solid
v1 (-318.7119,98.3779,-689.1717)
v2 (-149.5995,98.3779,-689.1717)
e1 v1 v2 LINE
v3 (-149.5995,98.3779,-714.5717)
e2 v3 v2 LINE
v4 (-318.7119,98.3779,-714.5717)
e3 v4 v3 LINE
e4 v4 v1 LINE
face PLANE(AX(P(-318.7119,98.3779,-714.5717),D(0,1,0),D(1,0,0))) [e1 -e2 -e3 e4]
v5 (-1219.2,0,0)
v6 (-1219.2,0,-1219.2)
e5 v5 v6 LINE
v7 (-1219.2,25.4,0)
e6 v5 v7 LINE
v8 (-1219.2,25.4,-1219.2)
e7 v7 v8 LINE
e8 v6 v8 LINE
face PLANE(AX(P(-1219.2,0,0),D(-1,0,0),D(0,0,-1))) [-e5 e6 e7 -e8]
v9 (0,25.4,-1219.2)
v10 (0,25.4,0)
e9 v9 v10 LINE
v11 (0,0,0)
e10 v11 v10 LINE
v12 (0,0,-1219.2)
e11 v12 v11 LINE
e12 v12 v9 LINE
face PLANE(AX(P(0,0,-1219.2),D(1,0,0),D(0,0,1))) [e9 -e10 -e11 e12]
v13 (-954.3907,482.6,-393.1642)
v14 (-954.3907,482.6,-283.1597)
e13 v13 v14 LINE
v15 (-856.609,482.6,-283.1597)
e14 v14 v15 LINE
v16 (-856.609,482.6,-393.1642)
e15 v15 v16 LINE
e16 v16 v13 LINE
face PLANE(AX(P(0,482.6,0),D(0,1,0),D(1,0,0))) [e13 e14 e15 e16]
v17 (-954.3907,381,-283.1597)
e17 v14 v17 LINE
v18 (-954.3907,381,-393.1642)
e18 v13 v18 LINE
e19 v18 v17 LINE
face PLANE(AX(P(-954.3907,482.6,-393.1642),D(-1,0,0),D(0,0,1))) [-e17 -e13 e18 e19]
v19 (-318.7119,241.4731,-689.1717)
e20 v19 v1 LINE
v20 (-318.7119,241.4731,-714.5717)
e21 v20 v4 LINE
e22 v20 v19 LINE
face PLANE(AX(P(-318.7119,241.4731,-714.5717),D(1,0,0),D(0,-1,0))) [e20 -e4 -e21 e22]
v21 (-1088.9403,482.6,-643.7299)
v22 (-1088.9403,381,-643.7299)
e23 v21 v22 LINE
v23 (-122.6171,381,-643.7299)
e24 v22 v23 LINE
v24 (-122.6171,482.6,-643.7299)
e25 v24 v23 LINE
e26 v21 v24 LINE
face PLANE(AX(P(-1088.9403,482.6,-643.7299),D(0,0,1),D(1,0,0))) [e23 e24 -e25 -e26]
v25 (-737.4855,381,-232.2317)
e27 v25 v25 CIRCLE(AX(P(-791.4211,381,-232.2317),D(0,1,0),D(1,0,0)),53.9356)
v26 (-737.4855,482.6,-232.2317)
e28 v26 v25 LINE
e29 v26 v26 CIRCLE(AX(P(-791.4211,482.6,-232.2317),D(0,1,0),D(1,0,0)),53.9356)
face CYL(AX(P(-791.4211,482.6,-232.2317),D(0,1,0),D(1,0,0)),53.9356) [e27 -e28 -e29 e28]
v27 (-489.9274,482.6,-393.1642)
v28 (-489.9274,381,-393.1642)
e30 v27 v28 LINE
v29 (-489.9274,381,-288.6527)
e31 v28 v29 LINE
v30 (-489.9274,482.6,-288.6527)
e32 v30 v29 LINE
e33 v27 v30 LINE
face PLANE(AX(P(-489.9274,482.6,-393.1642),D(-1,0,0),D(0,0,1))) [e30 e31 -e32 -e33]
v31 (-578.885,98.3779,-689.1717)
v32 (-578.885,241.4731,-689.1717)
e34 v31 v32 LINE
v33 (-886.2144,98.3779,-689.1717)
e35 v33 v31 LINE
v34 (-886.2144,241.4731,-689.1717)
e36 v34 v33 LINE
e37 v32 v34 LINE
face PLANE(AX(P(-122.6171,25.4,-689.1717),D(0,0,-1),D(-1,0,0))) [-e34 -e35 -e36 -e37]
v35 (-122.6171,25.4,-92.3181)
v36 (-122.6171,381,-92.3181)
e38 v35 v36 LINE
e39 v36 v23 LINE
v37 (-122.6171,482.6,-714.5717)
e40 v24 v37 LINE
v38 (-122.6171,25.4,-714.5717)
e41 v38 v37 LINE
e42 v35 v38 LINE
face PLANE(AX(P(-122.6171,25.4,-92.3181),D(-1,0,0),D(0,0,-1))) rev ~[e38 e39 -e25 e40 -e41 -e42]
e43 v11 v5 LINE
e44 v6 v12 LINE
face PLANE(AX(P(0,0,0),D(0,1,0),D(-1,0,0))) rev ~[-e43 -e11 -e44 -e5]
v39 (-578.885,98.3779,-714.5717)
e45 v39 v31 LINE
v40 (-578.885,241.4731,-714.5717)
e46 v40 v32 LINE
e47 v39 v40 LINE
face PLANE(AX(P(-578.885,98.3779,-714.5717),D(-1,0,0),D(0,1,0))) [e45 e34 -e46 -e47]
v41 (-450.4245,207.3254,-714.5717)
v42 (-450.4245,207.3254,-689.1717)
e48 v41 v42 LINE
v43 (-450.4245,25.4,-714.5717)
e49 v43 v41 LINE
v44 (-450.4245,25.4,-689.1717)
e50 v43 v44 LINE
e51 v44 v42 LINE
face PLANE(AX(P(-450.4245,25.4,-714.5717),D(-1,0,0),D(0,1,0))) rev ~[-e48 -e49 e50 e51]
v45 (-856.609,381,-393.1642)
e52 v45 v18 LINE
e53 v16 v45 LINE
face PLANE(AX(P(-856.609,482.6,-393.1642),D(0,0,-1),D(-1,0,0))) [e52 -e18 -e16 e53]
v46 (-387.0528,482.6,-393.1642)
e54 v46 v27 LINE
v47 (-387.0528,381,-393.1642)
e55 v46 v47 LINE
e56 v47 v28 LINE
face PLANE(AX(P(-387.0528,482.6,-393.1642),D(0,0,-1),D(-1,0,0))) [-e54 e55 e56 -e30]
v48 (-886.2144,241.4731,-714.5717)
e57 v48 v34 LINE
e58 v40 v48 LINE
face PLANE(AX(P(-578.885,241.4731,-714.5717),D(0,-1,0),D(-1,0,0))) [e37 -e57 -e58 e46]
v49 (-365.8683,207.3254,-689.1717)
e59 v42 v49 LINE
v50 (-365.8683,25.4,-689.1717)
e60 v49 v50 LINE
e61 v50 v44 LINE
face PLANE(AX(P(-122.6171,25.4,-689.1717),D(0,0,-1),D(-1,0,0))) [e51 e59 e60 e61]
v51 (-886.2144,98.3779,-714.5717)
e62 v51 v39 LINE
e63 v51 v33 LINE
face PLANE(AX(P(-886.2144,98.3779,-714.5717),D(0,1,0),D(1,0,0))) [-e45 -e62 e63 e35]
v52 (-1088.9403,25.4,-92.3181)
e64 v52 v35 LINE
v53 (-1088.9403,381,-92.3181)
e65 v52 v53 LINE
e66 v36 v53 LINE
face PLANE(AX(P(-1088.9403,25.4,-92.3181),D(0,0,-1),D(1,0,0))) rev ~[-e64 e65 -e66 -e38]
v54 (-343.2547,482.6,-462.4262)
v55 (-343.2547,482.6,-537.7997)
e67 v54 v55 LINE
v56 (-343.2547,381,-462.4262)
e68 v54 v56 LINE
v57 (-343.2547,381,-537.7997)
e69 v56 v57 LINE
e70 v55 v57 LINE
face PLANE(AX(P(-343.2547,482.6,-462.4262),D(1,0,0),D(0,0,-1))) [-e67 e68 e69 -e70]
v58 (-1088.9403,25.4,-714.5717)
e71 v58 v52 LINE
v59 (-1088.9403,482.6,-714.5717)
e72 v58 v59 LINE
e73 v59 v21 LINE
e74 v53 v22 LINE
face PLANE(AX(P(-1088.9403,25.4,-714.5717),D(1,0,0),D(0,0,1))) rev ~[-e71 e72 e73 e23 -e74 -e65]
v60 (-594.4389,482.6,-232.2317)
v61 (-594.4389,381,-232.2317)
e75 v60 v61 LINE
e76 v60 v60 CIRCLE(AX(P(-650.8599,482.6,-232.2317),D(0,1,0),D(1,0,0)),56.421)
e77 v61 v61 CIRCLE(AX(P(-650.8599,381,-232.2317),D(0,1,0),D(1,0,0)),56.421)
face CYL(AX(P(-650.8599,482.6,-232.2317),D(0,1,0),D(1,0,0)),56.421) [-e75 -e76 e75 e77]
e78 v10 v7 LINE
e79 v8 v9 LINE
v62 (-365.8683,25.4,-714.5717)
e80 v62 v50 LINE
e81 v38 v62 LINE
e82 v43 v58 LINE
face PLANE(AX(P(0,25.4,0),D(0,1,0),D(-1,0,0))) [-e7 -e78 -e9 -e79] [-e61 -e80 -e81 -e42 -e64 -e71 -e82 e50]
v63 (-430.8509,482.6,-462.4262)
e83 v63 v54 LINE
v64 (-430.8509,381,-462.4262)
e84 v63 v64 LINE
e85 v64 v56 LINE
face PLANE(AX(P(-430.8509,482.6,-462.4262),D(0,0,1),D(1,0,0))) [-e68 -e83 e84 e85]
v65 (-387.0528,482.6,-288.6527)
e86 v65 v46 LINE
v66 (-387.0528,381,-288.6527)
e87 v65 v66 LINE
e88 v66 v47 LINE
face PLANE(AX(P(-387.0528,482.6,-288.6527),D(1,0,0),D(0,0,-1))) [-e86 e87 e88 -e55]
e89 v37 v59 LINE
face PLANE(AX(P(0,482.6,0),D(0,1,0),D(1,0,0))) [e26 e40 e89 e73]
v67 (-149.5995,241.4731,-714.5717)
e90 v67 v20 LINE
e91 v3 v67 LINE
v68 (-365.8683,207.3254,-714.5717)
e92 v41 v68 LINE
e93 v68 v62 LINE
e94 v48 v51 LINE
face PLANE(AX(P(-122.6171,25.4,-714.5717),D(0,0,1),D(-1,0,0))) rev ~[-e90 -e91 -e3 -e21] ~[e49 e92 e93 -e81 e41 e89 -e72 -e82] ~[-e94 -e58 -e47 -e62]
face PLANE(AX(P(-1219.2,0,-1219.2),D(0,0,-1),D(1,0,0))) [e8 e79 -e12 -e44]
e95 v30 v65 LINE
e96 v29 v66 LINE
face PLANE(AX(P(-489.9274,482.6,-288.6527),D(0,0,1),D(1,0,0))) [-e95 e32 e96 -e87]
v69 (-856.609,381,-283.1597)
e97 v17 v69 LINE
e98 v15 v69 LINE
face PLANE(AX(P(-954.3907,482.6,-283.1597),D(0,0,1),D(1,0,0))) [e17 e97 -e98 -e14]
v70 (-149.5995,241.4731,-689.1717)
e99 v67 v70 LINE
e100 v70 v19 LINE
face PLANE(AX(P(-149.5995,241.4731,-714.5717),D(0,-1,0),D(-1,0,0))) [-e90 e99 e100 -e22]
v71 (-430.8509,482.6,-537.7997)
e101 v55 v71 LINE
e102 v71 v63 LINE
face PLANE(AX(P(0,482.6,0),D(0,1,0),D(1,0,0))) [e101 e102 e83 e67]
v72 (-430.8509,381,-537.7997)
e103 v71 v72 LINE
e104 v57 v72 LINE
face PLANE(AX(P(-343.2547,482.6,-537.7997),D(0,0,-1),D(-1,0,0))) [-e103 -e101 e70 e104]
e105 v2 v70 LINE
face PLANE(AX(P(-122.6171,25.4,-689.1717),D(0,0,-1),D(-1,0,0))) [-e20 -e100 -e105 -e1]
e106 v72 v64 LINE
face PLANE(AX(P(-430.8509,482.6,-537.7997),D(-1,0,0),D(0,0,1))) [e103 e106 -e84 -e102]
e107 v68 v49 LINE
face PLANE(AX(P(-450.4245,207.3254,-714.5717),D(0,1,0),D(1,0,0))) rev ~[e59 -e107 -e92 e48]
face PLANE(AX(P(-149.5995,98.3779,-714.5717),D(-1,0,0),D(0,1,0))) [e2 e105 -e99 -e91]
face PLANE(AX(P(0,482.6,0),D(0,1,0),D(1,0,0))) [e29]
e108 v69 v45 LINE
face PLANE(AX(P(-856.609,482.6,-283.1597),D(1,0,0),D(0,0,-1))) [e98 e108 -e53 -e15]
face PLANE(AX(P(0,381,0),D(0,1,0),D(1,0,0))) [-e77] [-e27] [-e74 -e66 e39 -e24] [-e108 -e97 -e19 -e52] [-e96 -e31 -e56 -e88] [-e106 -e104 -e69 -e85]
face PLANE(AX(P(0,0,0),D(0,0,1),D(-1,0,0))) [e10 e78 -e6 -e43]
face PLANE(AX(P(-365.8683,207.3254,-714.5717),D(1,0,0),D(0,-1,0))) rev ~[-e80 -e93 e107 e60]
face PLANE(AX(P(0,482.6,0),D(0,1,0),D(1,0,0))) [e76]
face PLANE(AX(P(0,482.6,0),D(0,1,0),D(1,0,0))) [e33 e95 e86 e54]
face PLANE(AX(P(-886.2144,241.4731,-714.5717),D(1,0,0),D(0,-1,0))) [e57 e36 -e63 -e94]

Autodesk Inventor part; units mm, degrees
ref_plane "YZ Plane" through (0, 0, 0) normal (1, 0, 0) x (0, 1, 0)
ref_plane "XZ Plane" through (0, 0, 0) normal (0, 1, 0) x (-1, 0, 0)
ref_plane "XY Plane" through (0, 0, 0) normal (0, 0, 1) x (1, 0, 0)
sketch "Sketch1" plane through (0, 0, 0) normal (0, 1, 0) x (-1, 0, 0)
  line L0 (0, 0) -> (1219.2, 0)
  line L1 (1219.2, 0) -> (1219.2, -1219.2)
  line L2 (1219.2, -1219.2) -> (0, -1219.2)
  line L3 (0, -1219.2) -> (0, 0)
  dimension "d0" = 1219.2
  dimension "d1" = 1219.2
extrude "Extrusion1" add sketch "Sketch1" along normal blind 25.4
sketch "Sketch2" plane through (0, 25.4, 0) normal (0, 1, 0) x (1, 0, 0)
  line L0 (-1088.9403, 92.3181) -> (-122.6171, 92.3181)
  line L1 (-122.6171, 92.3181) -> (-122.6171, 714.5717)
  line L2 (-122.6171, 714.5717) -> (-1088.9403, 714.5717)
  line L3 (-1088.9403, 714.5717) -> (-1088.9403, 92.3181)
  point P0 (0, 0)
extrude "Extrusion2" add sketch "Sketch2" along normal blind 457.2
sketch "Sketch3" plane through (0, 482.6, 0) normal (0, 1, 0) x (1, 0, 0)
  line L0 (-1088.9403, 92.3181) -> (-1088.9403, 714.5717) projected
  line L1 (-122.6171, 92.3181) -> (-122.6171, 714.5717) projected
  line L2 (-1088.9403, 643.7299) -> (-122.6171, 643.7299)
  line L3 (-122.6171, 643.7299) -> (-122.6171, 92.3181)
  line L4 (-122.6171, 92.3181) -> (-1088.9403, 92.3181)
  line L5 (-1088.9403, 92.3181) -> (-1088.9403, 643.7299)
  line L6 (-954.3907, 283.1597) -> (-856.609, 283.1597)
  line L7 (-856.609, 283.1597) -> (-856.609, 393.1642)
  line L8 (-856.609, 393.1642) -> (-954.3907, 393.1642)
  line L9 (-954.3907, 393.1642) -> (-954.3907, 283.1597)
  line L10 (-430.8509, 462.4262) -> (-343.2547, 462.4262)
  line L11 (-343.2547, 462.4262) -> (-343.2547, 537.7997)
  line L12 (-343.2547, 537.7997) -> (-430.8509, 537.7997)
  line L13 (-430.8509, 537.7997) -> (-430.8509, 462.4262)
  circle A0 centre (-791.4211, 232.2317) radius 53.9356
  circle A1 centre (-650.8599, 232.2317) radius 56.421
  line L14 (-489.9274, 288.6527) -> (-387.0528, 288.6527)
  line L15 (-387.0528, 288.6527) -> (-387.0528, 393.1642)
  line L16 (-387.0528, 393.1642) -> (-489.9274, 393.1642)
  line L17 (-489.9274, 393.1642) -> (-489.9274, 288.6527)
  point P0 (0, 0)
extrude "Extrusion3" cut sketch "Sketch3" against normal blind 101.6
sketch "Sketch4" plane through (-122.6171, 25.4, -714.5717) normal (0, 0, -1) x (-1, 0, 0)
  line L0 (0, 0) -> (966.3232, 0) projected
  line L1 (243.2512, 0) -> (327.8074, 0)
  line L2 (327.8074, 0) -> (327.8074, 181.9254)
  line L3 (327.8074, 181.9254) -> (243.2512, 181.9254)
  line L4 (243.2512, 181.9254) -> (243.2512, 0)
  line L5 (456.2679, 216.0731) -> (763.5973, 216.0731)
  line L6 (763.5973, 216.0731) -> (763.5973, 72.9779)
  line L7 (763.5973, 72.9779) -> (456.2679, 72.9779)
  line L8 (456.2679, 72.9779) -> (456.2679, 216.0731)
  line L9 (26.9824, 216.0731) -> (196.0948, 216.0731)
  line L10 (196.0948, 216.0731) -> (196.0948, 72.9779)
  line L11 (196.0948, 72.9779) -> (26.9824, 72.9779)
  line L12 (26.9824, 72.9779) -> (26.9824, 216.0731)
  point P0 (-122.6171, -25.4)
extrude "Extrusion4" cut sketch "Sketch4" against normal blind 25.4
equation "\"d1\" = d0"
properties part number "building_1" material "Wood (Oak)"
